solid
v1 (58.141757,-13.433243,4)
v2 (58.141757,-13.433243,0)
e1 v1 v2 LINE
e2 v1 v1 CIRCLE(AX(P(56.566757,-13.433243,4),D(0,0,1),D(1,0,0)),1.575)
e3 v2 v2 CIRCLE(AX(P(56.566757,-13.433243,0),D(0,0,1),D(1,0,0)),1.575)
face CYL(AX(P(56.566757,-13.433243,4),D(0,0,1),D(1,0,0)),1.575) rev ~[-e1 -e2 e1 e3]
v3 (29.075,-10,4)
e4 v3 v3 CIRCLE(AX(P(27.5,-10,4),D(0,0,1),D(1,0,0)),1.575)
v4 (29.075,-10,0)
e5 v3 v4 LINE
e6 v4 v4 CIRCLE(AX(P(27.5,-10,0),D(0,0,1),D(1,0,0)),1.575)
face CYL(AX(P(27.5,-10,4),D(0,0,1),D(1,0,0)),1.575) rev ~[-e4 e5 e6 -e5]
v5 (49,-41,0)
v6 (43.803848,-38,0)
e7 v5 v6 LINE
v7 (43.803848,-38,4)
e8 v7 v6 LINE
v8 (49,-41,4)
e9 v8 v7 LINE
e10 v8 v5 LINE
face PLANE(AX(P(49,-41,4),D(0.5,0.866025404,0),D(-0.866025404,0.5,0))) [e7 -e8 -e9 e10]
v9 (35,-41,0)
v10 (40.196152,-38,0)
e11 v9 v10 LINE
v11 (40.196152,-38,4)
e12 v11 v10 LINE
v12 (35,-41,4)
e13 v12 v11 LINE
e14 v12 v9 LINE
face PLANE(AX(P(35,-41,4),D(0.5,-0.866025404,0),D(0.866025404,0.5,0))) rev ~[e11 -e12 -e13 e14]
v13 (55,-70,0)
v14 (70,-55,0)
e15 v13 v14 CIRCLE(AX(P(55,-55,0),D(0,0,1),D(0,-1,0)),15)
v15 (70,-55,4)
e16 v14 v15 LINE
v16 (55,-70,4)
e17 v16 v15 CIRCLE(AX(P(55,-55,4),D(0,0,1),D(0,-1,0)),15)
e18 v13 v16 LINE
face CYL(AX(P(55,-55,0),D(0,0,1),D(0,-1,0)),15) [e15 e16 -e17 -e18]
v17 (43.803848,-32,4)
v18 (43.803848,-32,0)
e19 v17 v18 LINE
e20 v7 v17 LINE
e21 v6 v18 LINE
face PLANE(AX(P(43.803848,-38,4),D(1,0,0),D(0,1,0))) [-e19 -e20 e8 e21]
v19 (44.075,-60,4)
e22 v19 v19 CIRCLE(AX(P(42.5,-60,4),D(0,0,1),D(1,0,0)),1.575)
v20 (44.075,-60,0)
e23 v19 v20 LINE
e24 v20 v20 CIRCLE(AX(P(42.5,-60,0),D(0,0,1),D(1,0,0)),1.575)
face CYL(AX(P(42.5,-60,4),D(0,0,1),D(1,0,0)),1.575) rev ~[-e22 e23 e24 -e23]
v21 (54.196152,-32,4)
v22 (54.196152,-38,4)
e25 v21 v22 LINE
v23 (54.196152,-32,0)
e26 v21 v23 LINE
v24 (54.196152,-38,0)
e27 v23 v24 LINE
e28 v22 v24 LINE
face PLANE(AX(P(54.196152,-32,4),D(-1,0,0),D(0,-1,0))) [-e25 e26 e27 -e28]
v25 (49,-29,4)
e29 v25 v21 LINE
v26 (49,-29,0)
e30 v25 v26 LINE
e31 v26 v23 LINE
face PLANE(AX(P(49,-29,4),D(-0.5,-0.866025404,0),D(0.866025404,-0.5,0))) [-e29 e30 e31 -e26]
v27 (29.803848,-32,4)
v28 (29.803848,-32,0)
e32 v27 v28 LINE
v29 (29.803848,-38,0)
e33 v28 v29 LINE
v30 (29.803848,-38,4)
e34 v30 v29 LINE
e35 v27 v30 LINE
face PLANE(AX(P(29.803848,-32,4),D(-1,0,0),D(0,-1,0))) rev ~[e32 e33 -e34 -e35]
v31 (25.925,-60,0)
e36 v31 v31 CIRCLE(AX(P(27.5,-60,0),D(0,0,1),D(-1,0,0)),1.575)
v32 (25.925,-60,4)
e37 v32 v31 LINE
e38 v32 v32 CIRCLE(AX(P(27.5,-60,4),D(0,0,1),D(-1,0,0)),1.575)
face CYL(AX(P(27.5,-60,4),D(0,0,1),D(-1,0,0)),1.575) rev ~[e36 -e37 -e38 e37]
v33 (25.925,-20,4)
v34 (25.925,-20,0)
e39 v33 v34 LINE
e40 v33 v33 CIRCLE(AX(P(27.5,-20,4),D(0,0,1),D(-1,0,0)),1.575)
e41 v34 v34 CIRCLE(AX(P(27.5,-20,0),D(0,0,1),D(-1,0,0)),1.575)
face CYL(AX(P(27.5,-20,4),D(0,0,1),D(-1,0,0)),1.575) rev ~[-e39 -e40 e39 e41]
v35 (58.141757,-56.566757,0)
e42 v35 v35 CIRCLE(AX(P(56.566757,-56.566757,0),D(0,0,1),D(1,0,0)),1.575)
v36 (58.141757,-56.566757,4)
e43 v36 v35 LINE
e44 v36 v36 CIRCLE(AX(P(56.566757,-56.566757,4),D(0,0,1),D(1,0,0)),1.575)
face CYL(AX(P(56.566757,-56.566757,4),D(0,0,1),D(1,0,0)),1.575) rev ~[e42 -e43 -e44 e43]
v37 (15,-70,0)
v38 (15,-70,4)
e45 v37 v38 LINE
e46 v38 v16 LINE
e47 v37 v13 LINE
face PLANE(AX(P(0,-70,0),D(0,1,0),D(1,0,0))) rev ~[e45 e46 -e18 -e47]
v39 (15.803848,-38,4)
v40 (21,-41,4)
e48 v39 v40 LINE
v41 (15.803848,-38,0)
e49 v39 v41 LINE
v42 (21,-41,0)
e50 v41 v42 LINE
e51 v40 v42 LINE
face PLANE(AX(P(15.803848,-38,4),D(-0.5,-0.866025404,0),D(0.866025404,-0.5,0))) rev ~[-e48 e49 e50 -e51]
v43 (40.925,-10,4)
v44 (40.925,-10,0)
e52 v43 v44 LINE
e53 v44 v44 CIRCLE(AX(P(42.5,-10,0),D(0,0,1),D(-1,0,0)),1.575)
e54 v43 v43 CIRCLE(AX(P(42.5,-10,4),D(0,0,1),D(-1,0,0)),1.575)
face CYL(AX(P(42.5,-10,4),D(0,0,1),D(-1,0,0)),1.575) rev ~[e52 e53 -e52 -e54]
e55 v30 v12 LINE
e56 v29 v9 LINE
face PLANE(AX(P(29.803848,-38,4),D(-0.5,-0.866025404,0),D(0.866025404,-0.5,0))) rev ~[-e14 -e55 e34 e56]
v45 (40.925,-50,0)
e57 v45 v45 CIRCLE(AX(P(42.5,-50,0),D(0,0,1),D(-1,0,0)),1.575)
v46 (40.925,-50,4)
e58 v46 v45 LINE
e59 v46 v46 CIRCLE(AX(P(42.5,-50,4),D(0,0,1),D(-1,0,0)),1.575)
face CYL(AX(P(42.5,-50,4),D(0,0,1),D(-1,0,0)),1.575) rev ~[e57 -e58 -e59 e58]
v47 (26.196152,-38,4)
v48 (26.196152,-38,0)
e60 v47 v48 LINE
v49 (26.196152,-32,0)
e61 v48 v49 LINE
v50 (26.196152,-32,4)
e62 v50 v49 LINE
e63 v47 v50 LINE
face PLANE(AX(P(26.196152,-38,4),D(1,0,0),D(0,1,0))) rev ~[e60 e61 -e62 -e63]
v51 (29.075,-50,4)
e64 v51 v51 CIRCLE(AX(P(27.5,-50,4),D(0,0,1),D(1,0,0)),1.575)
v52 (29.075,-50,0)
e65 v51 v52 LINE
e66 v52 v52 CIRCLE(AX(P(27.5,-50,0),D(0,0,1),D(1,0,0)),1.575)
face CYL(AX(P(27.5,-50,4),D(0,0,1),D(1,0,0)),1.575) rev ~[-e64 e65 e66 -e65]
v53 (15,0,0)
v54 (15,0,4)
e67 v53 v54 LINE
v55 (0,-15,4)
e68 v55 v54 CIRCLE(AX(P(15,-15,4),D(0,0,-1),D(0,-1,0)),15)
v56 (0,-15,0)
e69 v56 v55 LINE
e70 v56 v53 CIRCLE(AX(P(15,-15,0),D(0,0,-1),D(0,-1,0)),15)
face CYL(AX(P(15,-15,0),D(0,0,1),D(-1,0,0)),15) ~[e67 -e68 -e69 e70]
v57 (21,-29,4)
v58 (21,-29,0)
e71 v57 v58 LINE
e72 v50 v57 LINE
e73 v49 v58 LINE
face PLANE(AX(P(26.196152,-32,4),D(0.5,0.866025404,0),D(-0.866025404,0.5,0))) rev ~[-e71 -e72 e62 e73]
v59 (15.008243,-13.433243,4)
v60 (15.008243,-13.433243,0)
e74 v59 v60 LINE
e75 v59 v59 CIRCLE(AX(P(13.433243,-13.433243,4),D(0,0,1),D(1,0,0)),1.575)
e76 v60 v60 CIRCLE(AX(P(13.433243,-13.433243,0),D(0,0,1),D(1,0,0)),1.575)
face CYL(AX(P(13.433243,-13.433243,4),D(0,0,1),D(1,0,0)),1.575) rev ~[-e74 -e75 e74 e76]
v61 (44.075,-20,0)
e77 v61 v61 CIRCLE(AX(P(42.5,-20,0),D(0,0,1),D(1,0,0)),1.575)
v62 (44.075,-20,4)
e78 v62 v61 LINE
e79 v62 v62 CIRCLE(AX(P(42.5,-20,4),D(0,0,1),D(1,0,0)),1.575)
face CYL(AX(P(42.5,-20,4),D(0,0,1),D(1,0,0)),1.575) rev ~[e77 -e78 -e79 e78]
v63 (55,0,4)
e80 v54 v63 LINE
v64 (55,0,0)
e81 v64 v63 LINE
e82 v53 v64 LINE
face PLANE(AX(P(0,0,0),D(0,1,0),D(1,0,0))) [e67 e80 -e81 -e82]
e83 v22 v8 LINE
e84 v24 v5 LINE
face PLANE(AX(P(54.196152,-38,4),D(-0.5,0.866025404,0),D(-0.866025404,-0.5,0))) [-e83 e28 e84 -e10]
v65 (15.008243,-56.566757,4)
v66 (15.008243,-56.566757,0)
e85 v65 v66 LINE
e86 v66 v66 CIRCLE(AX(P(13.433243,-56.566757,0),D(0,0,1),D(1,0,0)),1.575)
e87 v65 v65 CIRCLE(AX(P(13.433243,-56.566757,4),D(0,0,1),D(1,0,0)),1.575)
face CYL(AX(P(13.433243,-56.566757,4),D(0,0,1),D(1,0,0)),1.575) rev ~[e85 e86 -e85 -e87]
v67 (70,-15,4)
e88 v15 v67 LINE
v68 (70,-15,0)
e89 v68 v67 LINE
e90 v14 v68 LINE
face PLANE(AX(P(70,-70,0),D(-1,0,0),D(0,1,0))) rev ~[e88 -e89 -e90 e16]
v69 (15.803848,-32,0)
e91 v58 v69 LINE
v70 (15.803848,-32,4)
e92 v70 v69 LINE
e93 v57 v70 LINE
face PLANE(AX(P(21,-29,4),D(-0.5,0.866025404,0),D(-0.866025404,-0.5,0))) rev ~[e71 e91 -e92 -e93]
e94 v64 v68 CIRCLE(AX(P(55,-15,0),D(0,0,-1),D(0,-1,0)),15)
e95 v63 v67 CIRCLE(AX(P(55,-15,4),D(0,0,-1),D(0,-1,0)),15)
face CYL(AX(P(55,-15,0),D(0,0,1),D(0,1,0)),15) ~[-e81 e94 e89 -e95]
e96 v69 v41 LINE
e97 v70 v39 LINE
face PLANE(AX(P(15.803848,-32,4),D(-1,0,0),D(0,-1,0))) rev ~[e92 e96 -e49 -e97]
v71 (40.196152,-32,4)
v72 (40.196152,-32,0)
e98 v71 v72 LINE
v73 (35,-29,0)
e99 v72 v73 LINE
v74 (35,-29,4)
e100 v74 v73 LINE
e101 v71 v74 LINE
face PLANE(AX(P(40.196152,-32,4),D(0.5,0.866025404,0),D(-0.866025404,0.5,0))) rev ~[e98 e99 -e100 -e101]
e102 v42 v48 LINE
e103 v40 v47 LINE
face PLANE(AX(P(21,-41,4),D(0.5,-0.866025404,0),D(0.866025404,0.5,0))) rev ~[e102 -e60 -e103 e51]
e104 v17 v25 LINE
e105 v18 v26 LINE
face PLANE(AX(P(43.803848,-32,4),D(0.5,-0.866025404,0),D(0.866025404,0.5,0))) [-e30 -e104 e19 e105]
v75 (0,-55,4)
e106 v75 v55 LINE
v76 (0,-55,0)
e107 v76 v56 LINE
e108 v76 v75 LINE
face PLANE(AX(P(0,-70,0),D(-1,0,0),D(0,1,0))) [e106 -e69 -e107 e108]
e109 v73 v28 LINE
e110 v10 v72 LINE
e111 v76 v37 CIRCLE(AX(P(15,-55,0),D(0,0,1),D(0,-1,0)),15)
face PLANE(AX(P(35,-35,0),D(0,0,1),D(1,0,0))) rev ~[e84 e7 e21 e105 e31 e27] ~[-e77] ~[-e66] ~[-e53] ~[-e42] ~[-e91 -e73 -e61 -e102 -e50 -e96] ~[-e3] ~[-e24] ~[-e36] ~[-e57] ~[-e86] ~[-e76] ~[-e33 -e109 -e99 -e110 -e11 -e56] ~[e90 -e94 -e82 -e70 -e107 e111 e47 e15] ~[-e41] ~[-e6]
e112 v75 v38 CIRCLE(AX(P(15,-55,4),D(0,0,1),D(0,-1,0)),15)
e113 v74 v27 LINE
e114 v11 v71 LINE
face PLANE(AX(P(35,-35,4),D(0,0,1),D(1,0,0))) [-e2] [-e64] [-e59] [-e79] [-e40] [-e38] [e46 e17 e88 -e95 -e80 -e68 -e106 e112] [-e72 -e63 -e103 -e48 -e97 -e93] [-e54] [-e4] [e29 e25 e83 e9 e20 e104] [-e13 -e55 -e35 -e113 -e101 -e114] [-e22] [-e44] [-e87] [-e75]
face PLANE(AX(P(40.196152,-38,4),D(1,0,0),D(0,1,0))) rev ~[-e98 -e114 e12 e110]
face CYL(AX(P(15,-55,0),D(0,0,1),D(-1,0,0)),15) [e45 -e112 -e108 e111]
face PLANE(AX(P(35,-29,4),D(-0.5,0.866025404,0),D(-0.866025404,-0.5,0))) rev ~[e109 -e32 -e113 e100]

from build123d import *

# Parameters (mm, degrees)
SKETCH_1_W          = 70
SKETCH_1_H          = 70
EXTRUDE_1_DEPTH     = 4
SKETCH_2_R          = 1.575
CUT_EXTRUDE_1_DEPTH = 100.075728612
FILLET_1_R          = 15


with BuildPart() as part:
    # 草图1 → 凸台-拉伸1 (new body)
    with BuildSketch(Plane.XY):
        with Locations((35, -35)):
            Rectangle(SKETCH_1_W, SKETCH_1_H)
    extrude(amount=EXTRUDE_1_DEPTH)

    # 草图2 → 切除-拉伸1 (cut, through all)
    with BuildSketch(Plane.XY.offset(4)):
        with Locations((27.5, -10)):
            Circle(SKETCH_2_R)
        with Locations(Location((42.5, -10, 0), (0, 0, 180))):
            Circle(SKETCH_2_R)
        with Locations((42.5, -20)):
            Circle(SKETCH_2_R)
        with Locations(Location((27.5, -20, 0), (0, 0, 180))):
            Circle(SKETCH_2_R)
        with Locations((27.5, -50)):
            Circle(SKETCH_2_R)
        with Locations(Location((42.5, -50, 0), (0, 0, 180))):
            Circle(SKETCH_2_R)
        with Locations((42.5, -60)):
            Circle(SKETCH_2_R)
        with Locations(Location((27.5, -60, 0), (0, 0, 180))):
            Circle(SKETCH_2_R)
        with Locations((13.433243174, -13.433243174)):
            Circle(SKETCH_2_R)
        with Locations((56.566756826, -13.433243174)):
            Circle(SKETCH_2_R)
        with Locations((56.566756826, -56.566756826)):
            Circle(SKETCH_2_R)
        with Locations((13.433243174, -56.566756826)):
            Circle(SKETCH_2_R)
        Polygon((21, -29), (15.803847577, -32), (15.803847577, -38), (21, -41), (26.196152423, -38), (26.196152423, -32), align=None)
        Polygon((35, -41), (40.196152423, -38), (40.196152423, -32), (35, -29), (29.803847577, -32), (29.803847577, -38), align=None)
        Polygon((43.803847577, -38), (43.803847577, -32), (49, -29), (54.196152423, -32), (54.196152423, -38), (49, -41), align=None)
    extrude(amount=-CUT_EXTRUDE_1_DEPTH, mode=Mode.SUBTRACT)

    # 圆角1
    fillet_1_edges = [part.edges().sort_by_distance(p)[0] for p in [
        (0, 0, 2),
        (70, 0, 2),
        (70, -70, 2),
        (0, -70, 2),
    ]]
    fillet(fillet_1_edges, radius=FILLET_1_R)


solid = part.part
